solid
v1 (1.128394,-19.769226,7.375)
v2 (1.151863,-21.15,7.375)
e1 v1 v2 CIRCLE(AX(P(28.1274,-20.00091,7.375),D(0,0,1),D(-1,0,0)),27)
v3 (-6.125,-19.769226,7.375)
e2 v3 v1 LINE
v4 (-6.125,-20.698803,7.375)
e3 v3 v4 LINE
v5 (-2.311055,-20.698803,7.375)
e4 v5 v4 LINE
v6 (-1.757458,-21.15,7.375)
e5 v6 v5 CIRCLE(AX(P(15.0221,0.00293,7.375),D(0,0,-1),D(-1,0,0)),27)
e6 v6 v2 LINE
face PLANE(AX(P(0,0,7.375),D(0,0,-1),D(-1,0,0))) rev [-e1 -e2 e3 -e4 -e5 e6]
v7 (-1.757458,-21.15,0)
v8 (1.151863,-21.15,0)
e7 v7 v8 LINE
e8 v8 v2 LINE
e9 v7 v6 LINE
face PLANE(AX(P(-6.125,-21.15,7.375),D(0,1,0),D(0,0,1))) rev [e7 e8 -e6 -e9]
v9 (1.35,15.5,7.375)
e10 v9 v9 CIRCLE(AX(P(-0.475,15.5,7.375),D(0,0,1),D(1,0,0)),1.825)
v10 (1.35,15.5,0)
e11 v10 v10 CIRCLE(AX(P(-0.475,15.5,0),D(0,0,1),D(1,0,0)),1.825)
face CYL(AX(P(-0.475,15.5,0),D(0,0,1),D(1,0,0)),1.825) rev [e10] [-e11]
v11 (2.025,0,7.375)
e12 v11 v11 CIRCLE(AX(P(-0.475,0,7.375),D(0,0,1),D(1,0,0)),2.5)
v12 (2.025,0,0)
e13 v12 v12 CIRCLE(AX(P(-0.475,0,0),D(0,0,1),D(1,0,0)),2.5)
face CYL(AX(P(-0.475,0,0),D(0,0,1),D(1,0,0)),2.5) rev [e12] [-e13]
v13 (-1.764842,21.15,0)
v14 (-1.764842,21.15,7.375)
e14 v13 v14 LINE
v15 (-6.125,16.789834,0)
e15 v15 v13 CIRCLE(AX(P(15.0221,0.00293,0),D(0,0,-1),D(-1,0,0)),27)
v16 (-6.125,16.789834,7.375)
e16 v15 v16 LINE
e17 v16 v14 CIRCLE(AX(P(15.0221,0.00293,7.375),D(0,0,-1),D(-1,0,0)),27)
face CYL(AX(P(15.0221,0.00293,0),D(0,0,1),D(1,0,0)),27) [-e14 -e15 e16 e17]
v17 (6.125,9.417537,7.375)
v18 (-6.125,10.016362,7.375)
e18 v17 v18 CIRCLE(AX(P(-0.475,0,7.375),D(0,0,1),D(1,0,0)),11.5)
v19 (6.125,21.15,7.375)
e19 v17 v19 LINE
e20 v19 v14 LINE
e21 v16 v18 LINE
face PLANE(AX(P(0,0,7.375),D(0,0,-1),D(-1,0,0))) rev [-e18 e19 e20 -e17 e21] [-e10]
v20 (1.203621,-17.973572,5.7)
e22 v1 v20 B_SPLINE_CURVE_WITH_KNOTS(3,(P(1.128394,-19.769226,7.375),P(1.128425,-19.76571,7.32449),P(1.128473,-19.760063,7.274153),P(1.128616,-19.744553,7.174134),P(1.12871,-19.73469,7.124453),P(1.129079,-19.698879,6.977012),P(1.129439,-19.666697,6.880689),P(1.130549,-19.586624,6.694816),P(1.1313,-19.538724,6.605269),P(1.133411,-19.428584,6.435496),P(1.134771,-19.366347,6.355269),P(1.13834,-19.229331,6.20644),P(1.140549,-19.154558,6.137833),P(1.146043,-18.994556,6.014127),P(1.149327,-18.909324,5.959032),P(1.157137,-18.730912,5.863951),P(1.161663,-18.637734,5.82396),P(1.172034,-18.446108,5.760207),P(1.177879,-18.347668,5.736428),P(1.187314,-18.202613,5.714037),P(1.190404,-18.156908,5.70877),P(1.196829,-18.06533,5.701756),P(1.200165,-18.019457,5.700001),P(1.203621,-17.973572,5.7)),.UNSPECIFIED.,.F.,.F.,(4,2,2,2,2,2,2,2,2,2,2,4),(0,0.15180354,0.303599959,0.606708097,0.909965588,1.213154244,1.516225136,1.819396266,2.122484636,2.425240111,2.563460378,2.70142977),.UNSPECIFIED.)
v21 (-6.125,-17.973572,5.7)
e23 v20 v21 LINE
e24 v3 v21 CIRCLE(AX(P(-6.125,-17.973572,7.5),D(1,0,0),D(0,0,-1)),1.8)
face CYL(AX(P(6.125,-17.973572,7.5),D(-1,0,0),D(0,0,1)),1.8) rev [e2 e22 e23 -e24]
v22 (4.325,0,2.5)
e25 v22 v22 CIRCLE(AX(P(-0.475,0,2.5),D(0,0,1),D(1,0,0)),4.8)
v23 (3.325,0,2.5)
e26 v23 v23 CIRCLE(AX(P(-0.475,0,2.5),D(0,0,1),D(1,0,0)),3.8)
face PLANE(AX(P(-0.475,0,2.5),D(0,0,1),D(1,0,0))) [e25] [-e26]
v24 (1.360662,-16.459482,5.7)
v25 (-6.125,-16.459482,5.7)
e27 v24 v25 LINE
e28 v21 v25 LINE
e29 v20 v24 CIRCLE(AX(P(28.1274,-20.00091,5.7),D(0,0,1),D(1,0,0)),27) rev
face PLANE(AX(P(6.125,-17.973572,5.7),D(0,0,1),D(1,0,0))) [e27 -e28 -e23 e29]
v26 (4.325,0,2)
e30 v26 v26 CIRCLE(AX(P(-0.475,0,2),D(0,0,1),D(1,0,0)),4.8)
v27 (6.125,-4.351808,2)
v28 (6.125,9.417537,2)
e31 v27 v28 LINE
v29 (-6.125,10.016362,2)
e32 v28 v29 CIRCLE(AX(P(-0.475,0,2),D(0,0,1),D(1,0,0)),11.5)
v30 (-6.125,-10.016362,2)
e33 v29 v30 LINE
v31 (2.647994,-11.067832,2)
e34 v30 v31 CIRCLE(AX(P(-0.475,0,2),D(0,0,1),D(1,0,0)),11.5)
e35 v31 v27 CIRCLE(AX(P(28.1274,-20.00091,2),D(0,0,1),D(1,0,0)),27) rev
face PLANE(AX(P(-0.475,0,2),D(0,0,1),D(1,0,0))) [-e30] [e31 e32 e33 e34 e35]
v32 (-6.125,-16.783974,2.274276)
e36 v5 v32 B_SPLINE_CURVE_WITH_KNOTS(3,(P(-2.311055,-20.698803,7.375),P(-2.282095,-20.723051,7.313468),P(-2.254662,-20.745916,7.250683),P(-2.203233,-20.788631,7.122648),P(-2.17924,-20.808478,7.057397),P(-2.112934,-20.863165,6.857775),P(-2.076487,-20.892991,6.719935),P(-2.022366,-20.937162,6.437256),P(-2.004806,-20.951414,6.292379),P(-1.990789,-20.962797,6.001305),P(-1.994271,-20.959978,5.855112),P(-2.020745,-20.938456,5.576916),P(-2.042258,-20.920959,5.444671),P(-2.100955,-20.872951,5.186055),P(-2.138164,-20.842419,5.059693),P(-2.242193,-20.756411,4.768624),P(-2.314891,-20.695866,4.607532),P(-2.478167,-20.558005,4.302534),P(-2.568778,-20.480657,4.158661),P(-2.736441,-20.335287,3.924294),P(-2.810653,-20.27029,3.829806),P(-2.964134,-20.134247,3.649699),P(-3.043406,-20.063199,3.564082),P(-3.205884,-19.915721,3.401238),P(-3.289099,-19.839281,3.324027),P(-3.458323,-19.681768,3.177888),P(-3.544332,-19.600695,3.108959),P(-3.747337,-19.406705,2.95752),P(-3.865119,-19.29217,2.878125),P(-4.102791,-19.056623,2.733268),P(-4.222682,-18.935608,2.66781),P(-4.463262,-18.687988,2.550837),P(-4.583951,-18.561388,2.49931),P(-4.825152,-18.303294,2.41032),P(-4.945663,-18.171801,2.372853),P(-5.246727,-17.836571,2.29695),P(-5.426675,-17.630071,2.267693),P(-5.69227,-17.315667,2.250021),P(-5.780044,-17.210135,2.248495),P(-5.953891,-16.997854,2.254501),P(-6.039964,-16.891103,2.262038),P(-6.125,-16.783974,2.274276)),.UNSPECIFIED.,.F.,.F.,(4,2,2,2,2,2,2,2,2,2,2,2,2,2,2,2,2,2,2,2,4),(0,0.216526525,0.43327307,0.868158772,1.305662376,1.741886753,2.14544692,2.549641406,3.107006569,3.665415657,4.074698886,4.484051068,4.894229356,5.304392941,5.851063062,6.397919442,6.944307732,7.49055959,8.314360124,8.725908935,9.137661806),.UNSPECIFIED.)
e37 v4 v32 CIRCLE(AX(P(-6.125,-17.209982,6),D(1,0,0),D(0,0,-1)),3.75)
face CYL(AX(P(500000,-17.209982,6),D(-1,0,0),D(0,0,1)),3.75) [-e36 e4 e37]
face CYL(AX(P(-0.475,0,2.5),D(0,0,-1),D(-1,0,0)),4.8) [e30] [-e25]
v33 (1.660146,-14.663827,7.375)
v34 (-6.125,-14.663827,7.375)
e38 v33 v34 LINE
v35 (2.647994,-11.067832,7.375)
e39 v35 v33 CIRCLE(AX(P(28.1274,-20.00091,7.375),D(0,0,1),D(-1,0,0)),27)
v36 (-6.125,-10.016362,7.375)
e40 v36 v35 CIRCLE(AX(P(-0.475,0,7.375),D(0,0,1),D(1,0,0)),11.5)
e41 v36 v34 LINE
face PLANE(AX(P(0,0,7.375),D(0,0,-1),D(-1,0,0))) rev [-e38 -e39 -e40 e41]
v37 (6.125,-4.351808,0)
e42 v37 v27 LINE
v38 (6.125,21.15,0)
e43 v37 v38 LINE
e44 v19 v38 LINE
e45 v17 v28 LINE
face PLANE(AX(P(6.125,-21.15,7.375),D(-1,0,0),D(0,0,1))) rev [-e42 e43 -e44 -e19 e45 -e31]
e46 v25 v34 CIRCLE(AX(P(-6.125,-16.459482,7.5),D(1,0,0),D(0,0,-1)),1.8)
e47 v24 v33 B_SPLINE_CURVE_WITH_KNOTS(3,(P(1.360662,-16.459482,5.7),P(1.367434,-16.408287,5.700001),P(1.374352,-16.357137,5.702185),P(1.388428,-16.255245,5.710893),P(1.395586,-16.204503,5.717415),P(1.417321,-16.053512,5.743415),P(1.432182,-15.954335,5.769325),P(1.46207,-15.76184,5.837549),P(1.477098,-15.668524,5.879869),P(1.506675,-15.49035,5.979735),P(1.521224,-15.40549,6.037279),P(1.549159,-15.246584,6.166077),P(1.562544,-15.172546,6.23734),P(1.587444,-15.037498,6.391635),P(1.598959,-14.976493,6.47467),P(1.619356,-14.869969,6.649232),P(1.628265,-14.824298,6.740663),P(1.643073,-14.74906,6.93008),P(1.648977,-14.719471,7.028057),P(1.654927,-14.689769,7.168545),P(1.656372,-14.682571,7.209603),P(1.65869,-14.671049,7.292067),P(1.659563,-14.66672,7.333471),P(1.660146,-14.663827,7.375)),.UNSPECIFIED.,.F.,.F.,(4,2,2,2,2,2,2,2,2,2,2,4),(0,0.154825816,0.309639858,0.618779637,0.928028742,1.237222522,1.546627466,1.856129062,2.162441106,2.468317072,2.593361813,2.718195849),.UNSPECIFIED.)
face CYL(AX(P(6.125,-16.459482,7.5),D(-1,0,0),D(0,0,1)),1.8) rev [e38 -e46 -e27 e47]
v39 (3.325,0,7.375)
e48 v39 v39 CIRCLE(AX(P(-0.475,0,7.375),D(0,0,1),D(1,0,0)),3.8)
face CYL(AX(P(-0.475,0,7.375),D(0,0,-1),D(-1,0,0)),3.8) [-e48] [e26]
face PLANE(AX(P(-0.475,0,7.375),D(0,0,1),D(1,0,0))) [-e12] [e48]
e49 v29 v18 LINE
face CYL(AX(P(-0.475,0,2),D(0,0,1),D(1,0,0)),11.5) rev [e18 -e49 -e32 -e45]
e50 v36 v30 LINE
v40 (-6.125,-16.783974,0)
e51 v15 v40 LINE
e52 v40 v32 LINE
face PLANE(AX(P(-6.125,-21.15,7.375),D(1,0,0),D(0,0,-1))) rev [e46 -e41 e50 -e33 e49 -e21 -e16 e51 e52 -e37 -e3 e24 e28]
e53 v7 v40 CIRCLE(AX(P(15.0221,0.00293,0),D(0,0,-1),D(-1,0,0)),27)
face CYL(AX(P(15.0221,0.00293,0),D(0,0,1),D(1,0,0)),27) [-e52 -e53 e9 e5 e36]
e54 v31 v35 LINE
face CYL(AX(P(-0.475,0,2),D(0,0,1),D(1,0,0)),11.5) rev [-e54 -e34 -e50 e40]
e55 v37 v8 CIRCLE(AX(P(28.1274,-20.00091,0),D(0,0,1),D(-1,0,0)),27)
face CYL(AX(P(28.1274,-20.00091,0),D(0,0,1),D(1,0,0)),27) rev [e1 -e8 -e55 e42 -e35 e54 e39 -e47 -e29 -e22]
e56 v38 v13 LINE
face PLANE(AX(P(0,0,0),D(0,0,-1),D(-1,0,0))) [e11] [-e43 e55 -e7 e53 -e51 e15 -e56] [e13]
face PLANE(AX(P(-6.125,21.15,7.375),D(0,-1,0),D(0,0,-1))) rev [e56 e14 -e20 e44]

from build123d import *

# Parameters (mm, degrees)
SKETCH1_W           = 12.25
SKETCH1_H           = 42.3
BOSS_EXTRUDE1_DEPTH = 7.375
SKETCH2_R           = 1.825
SKETCH2_R_2         = 2.5
CUT_EXTRUDE1_DEPTH  = 24.22129949
CUT_EXTRUDE2_DEPTH  = 24.22129949
SKETCH4_R           = 11.5
CUT_EXTRUDE3_DEPTH  = 5.375
BOSS_EXTRUDE2_START = 0.5
SKETCH5_R           = 4.8
SKETCH5_R_2         = 2.5
BOSS_EXTRUDE2_DEPTH = 0.5
BOSS_EXTRUDE3_START = 4.875
SKETCH6_R           = 3.8
SKETCH6_R_2         = 2.5
BOSS_EXTRUDE3_DEPTH = 4.875
BOSS_EXTRUDE4_REACH = 27.53
CUT_EXTRUDE4_DEPTH  = 26.529896802


with BuildPart() as part:
    # Sketch1 → Boss-Extrude1 (new body)
    with BuildSketch(Plane.XY):
        Rectangle(SKETCH1_W, SKETCH1_H)
    extrude(amount=BOSS_EXTRUDE1_DEPTH)

    # Sketch2 → Cut-Extrude1 (cut, through all)
    with BuildSketch(Plane.XY.offset(7.375)):
        with Locations((-0.475, 15.5)):
            Circle(SKETCH2_R)
        with Locations((-0.475, 0)):
            Circle(SKETCH2_R_2)
    extrude(amount=-CUT_EXTRUDE1_DEPTH, mode=Mode.SUBTRACT)

    # Sketch3 → Cut-Extrude2 (cut, through all)
    with BuildSketch(Plane.XY.offset(7.375)):
        with BuildLine():
            Line((-6.125, -21.15), (-6.125, -16.783974467))
            ThreePointArc((-6.125, -16.783974467), (-4.066466825, -19.092268783), (-1.757457575, -21.15))
            Line((-1.757457575, -21.15), (-6.125, -21.15))
        make_face()
        with BuildLine():
            Line((-6.125, 16.789834467), (-6.125, 21.15))
            Line((-6.125, 21.15), (-1.764842259, 21.15))
            ThreePointArc((-1.764842259, 21.15), (-4.069800152, 19.094796032), (-6.125, 16.789834467))
        make_face()
        with BuildLine():
            Line((6.125, -4.351807973), (6.125, -21.15))
            Line((6.125, -21.15), (1.151863079, -21.15))
            ThreePointArc((1.151863079, -21.15), (2.238128282, -12.336341525), (6.125, -4.351807973))
        make_face()
    extrude(amount=-CUT_EXTRUDE2_DEPTH, mode=Mode.SUBTRACT)

    # Sketch4 → Cut-Extrude3 (cut)
    with BuildSketch(Plane.XY.offset(7.375)):
        with Locations((-0.475, 0)):
            Circle(SKETCH4_R)
    extrude(amount=-CUT_EXTRUDE3_DEPTH, mode=Mode.SUBTRACT)

    # Sketch5 → Boss-Extrude2 (add)
    with BuildSketch(Plane.XY.offset(2).offset(BOSS_EXTRUDE2_START)):
        with Locations((-0.475, 0)):
            Circle(SKETCH5_R)
        with Locations((-0.475, 0)):
            Circle(SKETCH5_R_2, mode=Mode.SUBTRACT)
    extrude(amount=-BOSS_EXTRUDE2_DEPTH)

    # Sketch6 → Boss-Extrude3 (add)
    with BuildSketch(Plane.XY.offset(2.5).offset(BOSS_EXTRUDE3_START)):
        with Locations((-0.475, 0)):
            Circle(SKETCH6_R)
        with Locations((-0.475, 0)):
            Circle(SKETCH6_R_2, mode=Mode.SUBTRACT)
    extrude(amount=-BOSS_EXTRUDE3_DEPTH)

    # Sketch7 → Boss-Extrude4 (add, up to next)
    with BuildSketch(Plane(origin=(-6.125, 0, 0), x_dir=(0, 0, -1), z_dir=(1, 0, 0)), mode=Mode.PRIVATE) as boss_extrude4_sk1:
        with BuildLine():
            Line((-7.375, -13.721160181), (-7.375, -20.698803049))
            ThreePointArc((-7.375, -20.698803049), (-2.25, -17.209981615), (-7.375, -13.721160181))
        make_face()
    boss_extrude4_tool1 = extrude(boss_extrude4_sk1.sketch, amount=BOSS_EXTRUDE4_REACH, mode=Mode.PRIVATE) - part.part
    add(boss_extrude4_tool1.solids().sort_by_distance((-6.125, -17.209982, 5.119864))[0])

    # Sketch8 → Cut-Extrude4 (cut, through all)
    with BuildSketch(Plane(origin=(-6.125, 0, 0), x_dir=(0, 0, -1), z_dir=(1, 0, 0))):
        with BuildLine():
            Line((-9.3, -17.973571615), (-9.3, -16.459481615))
            ThreePointArc((-9.3, -16.459481615), (-7.5, -14.659481615), (-5.7, -16.459481615))
            Line((-5.7, -16.459481615), (-5.7, -17.973571615))
            ThreePointArc((-5.7, -17.973571615), (-7.5, -19.773571615), (-9.3, -17.973571615))
        make_face()
    extrude(amount=CUT_EXTRUDE4_DEPTH, mode=Mode.SUBTRACT)


solid = part.part
